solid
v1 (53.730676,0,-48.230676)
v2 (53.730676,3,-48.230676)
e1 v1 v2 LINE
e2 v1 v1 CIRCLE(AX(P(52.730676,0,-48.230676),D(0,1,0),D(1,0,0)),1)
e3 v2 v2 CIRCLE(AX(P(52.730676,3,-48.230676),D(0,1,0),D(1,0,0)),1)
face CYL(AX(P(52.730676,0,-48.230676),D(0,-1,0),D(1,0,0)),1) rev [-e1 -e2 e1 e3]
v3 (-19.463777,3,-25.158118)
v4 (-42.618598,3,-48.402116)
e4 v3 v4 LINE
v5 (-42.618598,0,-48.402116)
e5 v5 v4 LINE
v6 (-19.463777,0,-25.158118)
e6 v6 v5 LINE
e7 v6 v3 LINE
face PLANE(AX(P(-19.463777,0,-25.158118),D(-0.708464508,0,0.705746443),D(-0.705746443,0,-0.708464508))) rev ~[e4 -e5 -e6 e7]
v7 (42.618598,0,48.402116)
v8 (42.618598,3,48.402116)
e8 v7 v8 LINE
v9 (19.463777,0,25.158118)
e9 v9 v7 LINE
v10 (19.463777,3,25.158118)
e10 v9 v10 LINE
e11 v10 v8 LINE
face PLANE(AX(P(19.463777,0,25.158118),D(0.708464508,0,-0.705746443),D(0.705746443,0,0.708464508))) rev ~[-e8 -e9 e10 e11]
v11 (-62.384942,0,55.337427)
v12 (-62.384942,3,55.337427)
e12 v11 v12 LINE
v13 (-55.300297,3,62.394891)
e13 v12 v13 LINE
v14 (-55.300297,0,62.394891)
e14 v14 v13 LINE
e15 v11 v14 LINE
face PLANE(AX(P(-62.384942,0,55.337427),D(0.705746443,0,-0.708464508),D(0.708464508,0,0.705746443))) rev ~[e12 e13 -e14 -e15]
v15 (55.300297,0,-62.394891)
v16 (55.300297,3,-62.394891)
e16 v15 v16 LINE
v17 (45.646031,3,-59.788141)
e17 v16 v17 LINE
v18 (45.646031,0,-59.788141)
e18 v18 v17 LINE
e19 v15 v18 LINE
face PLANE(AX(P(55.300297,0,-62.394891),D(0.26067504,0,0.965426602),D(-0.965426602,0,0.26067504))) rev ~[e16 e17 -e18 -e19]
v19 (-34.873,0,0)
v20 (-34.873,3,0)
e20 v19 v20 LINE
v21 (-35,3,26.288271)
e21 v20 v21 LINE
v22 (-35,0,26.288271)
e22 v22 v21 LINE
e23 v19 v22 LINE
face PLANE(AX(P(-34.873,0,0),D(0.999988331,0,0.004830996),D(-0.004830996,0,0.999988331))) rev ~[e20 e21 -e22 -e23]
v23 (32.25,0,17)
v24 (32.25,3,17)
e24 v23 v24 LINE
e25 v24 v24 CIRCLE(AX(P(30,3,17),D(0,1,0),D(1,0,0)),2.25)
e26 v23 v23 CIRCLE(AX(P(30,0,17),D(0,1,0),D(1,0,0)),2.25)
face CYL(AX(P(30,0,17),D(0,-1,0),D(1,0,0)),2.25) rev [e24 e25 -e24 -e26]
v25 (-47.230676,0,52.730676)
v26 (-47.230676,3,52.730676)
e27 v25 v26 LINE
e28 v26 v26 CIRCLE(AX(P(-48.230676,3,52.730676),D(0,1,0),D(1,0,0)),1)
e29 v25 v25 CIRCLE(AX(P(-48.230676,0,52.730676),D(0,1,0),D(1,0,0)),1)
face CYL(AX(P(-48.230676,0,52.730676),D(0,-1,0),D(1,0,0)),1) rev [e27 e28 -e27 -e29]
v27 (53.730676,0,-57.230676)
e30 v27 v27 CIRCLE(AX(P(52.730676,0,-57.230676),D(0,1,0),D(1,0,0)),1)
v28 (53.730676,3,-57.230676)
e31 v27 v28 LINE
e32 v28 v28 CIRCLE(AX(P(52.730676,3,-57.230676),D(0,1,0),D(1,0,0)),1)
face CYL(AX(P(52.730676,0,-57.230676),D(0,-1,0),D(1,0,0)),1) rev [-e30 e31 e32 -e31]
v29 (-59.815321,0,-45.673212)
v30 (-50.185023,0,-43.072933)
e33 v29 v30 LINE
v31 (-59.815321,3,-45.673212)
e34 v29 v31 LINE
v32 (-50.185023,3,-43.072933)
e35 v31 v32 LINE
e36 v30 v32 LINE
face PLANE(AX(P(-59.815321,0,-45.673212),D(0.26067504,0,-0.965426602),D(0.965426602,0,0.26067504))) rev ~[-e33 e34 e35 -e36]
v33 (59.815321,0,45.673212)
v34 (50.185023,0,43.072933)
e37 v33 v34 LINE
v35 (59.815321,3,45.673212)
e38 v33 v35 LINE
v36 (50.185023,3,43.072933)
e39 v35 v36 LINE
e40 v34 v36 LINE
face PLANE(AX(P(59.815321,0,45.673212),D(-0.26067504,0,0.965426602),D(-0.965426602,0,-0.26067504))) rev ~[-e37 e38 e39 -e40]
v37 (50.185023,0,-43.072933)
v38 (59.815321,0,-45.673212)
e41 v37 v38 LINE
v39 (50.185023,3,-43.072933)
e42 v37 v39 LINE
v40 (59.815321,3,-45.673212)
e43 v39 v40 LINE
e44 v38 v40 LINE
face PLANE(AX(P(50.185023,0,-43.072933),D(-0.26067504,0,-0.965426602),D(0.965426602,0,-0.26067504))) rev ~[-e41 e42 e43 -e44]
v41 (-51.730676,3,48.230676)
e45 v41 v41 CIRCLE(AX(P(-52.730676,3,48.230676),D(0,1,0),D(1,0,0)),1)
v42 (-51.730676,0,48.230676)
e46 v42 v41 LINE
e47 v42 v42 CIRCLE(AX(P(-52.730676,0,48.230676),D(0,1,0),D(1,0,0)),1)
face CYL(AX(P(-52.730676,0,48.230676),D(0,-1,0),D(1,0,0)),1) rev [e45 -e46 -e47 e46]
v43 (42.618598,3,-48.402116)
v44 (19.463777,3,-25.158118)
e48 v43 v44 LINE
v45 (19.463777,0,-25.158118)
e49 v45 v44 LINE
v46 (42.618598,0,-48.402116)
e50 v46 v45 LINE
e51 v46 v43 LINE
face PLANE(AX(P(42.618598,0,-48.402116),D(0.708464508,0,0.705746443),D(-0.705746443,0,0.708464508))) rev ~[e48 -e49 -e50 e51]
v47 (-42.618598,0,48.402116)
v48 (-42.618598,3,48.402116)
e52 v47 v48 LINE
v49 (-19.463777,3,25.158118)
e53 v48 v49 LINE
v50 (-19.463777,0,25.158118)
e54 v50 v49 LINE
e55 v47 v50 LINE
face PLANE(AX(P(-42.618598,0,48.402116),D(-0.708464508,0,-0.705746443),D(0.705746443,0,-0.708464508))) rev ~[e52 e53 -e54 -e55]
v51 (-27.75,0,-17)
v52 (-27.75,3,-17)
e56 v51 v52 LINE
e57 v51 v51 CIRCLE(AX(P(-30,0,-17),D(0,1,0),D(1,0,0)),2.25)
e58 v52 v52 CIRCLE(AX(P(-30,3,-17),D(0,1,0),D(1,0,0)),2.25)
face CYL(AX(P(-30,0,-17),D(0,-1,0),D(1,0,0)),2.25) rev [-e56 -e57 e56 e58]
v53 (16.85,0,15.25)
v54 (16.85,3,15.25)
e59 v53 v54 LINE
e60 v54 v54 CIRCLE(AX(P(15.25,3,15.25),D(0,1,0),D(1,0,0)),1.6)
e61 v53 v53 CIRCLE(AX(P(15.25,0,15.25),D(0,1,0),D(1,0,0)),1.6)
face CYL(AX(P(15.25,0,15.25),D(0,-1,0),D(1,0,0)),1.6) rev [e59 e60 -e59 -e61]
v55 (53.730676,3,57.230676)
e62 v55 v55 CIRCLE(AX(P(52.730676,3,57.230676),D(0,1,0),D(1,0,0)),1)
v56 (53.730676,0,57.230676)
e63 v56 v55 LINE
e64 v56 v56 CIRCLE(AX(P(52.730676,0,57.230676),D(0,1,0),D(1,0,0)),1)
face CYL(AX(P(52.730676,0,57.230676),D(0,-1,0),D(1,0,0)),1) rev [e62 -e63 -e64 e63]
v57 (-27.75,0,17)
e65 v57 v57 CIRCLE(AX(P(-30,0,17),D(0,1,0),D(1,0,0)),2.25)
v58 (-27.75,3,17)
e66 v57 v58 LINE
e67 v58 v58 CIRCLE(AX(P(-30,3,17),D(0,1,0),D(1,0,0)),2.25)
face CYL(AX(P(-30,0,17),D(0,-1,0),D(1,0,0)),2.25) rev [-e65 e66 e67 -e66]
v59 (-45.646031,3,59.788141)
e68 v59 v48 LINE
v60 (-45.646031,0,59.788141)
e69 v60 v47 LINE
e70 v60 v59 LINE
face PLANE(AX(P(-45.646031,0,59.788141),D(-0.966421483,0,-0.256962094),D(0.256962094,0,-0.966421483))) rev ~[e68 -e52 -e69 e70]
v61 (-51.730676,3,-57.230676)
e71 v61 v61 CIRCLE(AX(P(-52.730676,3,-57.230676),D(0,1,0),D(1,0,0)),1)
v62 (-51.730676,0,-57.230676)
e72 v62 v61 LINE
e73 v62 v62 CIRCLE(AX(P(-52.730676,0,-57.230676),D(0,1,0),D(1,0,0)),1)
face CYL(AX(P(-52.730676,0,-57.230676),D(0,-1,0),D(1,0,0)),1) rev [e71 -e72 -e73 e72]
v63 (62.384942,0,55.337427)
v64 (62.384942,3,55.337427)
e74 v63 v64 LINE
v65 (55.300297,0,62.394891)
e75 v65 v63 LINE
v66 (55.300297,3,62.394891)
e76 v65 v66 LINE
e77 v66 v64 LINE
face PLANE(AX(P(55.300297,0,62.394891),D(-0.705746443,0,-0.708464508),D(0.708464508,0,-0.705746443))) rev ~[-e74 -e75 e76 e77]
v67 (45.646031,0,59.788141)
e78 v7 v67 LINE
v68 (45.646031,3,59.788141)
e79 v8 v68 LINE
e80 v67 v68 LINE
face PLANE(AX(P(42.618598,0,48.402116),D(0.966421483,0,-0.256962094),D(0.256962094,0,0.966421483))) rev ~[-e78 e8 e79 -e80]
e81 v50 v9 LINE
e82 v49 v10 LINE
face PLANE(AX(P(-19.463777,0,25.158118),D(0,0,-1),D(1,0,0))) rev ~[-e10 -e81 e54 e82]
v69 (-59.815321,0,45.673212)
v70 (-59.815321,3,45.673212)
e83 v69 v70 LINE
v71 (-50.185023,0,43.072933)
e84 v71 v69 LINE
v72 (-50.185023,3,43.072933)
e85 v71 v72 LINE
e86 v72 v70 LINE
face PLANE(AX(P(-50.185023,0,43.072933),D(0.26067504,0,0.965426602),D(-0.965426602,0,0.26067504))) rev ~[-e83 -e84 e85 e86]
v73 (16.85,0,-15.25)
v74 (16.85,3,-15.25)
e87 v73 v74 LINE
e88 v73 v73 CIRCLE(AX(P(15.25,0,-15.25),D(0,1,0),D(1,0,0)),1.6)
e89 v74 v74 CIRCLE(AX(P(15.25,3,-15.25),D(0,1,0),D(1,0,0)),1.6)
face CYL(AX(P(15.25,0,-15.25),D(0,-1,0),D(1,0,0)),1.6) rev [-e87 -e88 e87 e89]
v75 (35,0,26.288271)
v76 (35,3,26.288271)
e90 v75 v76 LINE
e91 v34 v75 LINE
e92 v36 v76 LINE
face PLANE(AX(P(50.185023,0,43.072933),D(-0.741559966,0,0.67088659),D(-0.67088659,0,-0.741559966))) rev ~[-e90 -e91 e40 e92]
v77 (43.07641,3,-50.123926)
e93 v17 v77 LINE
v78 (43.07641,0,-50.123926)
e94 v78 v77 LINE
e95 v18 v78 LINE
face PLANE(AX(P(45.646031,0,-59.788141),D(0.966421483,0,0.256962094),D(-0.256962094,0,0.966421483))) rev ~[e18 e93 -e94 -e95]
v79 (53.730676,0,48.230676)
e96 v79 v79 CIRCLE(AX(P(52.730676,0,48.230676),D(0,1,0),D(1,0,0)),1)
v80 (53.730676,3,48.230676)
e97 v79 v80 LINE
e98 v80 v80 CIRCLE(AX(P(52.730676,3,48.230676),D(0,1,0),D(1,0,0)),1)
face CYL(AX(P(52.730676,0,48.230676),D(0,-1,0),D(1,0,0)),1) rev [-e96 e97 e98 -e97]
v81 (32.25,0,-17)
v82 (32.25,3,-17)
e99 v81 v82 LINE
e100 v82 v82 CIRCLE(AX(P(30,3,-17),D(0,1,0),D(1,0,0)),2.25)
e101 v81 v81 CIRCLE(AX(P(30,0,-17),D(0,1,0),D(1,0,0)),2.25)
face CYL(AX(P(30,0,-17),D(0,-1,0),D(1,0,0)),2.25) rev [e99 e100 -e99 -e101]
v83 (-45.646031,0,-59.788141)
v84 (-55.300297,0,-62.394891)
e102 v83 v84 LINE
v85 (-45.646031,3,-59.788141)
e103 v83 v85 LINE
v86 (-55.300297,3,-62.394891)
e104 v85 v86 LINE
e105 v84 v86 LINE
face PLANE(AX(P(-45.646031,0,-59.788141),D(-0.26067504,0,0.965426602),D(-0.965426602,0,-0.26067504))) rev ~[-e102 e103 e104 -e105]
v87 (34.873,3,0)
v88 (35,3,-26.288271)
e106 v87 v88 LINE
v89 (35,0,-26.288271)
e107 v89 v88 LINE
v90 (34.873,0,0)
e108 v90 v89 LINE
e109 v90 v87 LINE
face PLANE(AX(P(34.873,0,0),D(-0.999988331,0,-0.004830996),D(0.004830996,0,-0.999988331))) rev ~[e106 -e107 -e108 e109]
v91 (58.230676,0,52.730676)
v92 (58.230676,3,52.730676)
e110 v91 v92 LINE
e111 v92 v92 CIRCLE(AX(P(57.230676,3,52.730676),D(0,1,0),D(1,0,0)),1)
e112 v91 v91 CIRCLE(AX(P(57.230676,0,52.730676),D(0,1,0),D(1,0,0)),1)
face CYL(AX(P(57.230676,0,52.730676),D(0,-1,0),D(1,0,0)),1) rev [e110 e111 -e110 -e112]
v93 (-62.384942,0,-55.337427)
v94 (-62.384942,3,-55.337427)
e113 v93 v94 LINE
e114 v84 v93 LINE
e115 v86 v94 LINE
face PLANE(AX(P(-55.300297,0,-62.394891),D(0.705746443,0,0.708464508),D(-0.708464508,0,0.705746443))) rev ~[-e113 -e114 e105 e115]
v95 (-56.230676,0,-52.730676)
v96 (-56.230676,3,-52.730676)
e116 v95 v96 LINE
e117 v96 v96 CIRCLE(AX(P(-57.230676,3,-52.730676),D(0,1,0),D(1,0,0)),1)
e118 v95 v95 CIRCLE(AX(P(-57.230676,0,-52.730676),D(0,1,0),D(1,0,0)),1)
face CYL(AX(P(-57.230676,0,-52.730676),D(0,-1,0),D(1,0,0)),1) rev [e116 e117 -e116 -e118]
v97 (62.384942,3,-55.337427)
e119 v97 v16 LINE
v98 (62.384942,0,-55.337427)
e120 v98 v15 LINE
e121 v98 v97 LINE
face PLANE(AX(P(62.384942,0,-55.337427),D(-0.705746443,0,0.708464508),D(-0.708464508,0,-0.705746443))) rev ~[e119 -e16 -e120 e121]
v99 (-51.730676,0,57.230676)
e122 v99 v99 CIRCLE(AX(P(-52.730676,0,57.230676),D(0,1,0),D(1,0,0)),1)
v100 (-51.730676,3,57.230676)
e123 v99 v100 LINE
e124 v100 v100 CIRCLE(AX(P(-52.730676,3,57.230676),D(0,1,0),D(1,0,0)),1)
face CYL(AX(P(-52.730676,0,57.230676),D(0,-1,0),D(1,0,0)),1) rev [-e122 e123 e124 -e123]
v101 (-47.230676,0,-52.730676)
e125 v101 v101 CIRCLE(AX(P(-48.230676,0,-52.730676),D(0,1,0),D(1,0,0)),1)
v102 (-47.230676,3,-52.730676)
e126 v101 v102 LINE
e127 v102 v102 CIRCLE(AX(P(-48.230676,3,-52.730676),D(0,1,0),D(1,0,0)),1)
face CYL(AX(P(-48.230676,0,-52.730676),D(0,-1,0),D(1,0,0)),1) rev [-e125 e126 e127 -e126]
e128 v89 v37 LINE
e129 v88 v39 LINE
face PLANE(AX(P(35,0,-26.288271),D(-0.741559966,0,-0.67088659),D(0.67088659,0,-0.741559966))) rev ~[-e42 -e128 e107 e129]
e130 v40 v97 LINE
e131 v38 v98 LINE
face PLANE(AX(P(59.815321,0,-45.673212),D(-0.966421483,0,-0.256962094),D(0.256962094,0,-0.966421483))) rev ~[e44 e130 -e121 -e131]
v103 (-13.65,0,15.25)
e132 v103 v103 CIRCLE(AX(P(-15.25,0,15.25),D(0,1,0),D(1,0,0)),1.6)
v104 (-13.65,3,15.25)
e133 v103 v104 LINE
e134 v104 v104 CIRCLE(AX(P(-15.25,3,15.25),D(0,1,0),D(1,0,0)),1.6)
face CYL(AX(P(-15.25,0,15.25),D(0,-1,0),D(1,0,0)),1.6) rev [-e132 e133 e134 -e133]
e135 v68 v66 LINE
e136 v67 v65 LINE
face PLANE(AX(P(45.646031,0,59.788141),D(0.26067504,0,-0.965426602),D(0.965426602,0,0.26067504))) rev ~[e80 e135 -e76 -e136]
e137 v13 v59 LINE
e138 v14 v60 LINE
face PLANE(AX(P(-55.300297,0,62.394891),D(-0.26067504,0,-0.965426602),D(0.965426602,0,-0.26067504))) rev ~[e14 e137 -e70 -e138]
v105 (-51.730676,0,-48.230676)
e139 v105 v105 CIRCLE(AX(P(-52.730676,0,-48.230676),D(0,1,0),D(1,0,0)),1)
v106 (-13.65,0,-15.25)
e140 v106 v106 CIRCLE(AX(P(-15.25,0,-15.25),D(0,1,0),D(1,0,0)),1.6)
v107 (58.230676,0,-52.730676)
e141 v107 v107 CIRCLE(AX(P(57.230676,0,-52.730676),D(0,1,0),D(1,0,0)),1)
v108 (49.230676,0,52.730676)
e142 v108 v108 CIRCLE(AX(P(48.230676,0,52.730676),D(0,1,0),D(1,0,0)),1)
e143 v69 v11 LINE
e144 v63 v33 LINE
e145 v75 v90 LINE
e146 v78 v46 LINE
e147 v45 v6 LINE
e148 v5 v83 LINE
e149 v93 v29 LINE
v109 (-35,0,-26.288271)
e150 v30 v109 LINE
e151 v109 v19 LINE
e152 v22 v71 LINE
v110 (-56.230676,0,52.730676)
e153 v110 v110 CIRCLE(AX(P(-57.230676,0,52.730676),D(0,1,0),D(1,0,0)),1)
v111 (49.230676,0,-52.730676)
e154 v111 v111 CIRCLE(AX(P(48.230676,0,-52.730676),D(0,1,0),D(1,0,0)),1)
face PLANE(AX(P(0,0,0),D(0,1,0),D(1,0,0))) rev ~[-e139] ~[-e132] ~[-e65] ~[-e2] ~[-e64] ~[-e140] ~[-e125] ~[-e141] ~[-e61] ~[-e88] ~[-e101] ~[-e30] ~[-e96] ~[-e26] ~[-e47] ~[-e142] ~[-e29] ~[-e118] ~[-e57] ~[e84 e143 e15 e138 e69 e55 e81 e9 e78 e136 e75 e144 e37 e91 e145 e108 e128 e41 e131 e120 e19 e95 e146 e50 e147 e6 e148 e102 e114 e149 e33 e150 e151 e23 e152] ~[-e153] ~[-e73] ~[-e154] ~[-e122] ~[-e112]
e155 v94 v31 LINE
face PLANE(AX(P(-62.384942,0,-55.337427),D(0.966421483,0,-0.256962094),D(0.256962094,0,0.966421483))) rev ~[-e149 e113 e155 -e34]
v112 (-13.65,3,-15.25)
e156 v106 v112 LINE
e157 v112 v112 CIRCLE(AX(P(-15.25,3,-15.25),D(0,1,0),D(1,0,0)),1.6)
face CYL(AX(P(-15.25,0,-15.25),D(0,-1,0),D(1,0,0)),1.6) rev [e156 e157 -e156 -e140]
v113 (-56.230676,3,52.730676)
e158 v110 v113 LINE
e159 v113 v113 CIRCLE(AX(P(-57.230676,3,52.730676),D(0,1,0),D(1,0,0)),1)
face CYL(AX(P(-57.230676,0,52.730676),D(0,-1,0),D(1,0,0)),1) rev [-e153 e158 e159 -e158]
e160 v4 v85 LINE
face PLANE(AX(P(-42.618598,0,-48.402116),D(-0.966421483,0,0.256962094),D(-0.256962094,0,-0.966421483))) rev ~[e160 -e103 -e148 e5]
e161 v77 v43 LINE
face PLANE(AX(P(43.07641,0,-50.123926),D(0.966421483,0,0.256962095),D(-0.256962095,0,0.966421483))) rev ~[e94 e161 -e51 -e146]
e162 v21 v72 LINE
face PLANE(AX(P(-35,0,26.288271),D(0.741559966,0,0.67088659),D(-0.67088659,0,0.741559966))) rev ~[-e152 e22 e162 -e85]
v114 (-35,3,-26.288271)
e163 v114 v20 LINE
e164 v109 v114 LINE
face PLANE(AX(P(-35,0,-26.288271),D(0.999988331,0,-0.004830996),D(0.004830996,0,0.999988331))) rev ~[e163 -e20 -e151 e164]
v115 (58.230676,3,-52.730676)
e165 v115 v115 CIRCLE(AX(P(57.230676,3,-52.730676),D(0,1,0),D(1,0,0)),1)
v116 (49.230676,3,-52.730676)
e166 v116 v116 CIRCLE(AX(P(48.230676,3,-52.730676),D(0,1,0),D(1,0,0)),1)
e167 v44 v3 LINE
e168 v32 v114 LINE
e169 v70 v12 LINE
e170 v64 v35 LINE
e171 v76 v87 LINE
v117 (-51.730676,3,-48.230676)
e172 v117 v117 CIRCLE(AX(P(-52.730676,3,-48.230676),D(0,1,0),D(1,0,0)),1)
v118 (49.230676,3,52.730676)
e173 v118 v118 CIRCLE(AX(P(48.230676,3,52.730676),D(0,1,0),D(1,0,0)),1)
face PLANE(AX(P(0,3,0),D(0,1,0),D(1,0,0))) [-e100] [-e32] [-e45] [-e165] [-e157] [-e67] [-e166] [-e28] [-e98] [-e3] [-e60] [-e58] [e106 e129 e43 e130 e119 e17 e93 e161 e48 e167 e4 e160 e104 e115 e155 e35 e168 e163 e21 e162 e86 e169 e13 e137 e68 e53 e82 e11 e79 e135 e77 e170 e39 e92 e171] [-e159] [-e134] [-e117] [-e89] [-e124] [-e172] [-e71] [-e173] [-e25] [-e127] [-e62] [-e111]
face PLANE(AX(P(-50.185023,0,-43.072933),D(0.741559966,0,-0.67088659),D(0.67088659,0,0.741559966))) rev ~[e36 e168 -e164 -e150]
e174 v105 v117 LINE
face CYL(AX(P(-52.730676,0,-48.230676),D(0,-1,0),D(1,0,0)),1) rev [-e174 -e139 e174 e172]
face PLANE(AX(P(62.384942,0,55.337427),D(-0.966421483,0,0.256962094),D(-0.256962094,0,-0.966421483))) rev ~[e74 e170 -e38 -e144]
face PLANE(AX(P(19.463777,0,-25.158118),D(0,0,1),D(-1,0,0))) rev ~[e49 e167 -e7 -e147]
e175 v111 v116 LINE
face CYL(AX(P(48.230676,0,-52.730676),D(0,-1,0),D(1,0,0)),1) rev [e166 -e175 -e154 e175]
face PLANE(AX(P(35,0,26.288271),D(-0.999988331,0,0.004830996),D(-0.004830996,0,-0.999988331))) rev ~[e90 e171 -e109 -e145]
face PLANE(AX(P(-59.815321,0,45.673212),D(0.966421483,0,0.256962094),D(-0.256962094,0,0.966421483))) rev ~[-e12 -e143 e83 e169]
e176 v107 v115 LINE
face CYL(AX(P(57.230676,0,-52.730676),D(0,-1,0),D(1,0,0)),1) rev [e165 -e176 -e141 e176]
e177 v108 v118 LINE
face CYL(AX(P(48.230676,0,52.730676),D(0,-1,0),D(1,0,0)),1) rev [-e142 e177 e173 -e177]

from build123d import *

# Parameters (mm, degrees)
SKETCH1_R           = 1
SKETCH1_R_2         = 2.25
SKETCH1_R_3         = 1.6
BOSS_EXTRUDE1_DEPTH = 3


with BuildPart() as part:
    # Sketch1 → Boss-Extrude1 (new body)
    with BuildSketch(Plane(origin=(0, 0, 0), x_dir=(1, 0, 0), z_dir=(0, 1, 0))):
        Polygon((43.076410298, 50.123925917), (42.618597625, 48.402115535), (19.4637773, 25.158118275), (-19.4637773, 25.158118275), (-42.618597625, 48.402115535), (-45.64603124, 59.788140743), (-55.300297258, 62.394891143), (-62.384942335, 55.337426715), (-59.815321393, 45.673211889), (-50.185022628, 43.072932893), (-35, 26.288270568), (-34.873, 0), (-35, -26.288270568), (-50.185022628, -43.072932893), (-59.815321393, -45.673211889), (-62.384942335, -55.337426715), (-55.300297258, -62.394891143), (-45.64603124, -59.788140743), (-42.618597625, -48.402115535), (-19.4637773, -25.158118275), (19.4637773, -25.158118275), (42.618597625, -48.402115535), (45.64603124, -59.788140743), (55.300297258, -62.394891143), (62.384942335, -55.337426715), (59.815321393, -45.673211889), (50.185022628, -43.072932893), (35, -26.288270568), (34.873, 0), (35, 26.288270568), (50.185022628, 43.072932893), (59.815321393, 45.673211889), (62.384942335, 55.337426715), (55.300297258, 62.394891143), (45.64603124, 59.788140743), align=None)
        with Locations((-52.730676316, -57.230676316)):
            Circle(SKETCH1_R, mode=Mode.SUBTRACT)
        with Locations((-57.230676316, -52.730676316)):
            Circle(SKETCH1_R, mode=Mode.SUBTRACT)
        with Locations((-48.230676316, -52.730676316)):
            Circle(SKETCH1_R, mode=Mode.SUBTRACT)
        with Locations((-52.730676316, -48.230676316)):
            Circle(SKETCH1_R, mode=Mode.SUBTRACT)
        with Locations((-30, -17)):
            Circle(SKETCH1_R_2, mode=Mode.SUBTRACT)
        with Locations((-15.25, -15.25)):
            Circle(SKETCH1_R_3, mode=Mode.SUBTRACT)
        with Locations((52.730676316, -57.230676316)):
            Circle(SKETCH1_R, mode=Mode.SUBTRACT)
        with Locations((48.230676316, -52.730676316)):
            Circle(SKETCH1_R, mode=Mode.SUBTRACT)
        with Locations((52.730676316, -48.230676316)):
            Circle(SKETCH1_R, mode=Mode.SUBTRACT)
        with Locations((57.230676316, -52.730676316)):
            Circle(SKETCH1_R, mode=Mode.SUBTRACT)
        with Locations((30, -17)):
            Circle(SKETCH1_R_2, mode=Mode.SUBTRACT)
        with Locations((15.25, -15.25)):
            Circle(SKETCH1_R_3, mode=Mode.SUBTRACT)
        with Locations((-15.25, 15.25)):
            Circle(SKETCH1_R_3, mode=Mode.SUBTRACT)
        with Locations((-30, 17)):
            Circle(SKETCH1_R_2, mode=Mode.SUBTRACT)
        with Locations((-57.230676316, 52.730676316)):
            Circle(SKETCH1_R, mode=Mode.SUBTRACT)
        with Locations((-52.730676316, 48.230676316)):
            Circle(SKETCH1_R, mode=Mode.SUBTRACT)
        with Locations((-48.230676316, 52.730676316)):
            Circle(SKETCH1_R, mode=Mode.SUBTRACT)
        with Locations((-52.730676316, 57.230676316)):
            Circle(SKETCH1_R, mode=Mode.SUBTRACT)
        with Locations((15.25, 15.25)):
            Circle(SKETCH1_R_3, mode=Mode.SUBTRACT)
        with Locations((30, 17)):
            Circle(SKETCH1_R_2, mode=Mode.SUBTRACT)
        with Locations((52.730676316, 48.230676316)):
            Circle(SKETCH1_R, mode=Mode.SUBTRACT)
        with Locations((48.230676316, 52.730676316)):
            Circle(SKETCH1_R, mode=Mode.SUBTRACT)
        with Locations((57.230676316, 52.730676316)):
            Circle(SKETCH1_R, mode=Mode.SUBTRACT)
        with Locations((52.730676316, 57.230676316)):
            Circle(SKETCH1_R, mode=Mode.SUBTRACT)
    extrude(amount=BOSS_EXTRUDE1_DEPTH)


solid = part.part
